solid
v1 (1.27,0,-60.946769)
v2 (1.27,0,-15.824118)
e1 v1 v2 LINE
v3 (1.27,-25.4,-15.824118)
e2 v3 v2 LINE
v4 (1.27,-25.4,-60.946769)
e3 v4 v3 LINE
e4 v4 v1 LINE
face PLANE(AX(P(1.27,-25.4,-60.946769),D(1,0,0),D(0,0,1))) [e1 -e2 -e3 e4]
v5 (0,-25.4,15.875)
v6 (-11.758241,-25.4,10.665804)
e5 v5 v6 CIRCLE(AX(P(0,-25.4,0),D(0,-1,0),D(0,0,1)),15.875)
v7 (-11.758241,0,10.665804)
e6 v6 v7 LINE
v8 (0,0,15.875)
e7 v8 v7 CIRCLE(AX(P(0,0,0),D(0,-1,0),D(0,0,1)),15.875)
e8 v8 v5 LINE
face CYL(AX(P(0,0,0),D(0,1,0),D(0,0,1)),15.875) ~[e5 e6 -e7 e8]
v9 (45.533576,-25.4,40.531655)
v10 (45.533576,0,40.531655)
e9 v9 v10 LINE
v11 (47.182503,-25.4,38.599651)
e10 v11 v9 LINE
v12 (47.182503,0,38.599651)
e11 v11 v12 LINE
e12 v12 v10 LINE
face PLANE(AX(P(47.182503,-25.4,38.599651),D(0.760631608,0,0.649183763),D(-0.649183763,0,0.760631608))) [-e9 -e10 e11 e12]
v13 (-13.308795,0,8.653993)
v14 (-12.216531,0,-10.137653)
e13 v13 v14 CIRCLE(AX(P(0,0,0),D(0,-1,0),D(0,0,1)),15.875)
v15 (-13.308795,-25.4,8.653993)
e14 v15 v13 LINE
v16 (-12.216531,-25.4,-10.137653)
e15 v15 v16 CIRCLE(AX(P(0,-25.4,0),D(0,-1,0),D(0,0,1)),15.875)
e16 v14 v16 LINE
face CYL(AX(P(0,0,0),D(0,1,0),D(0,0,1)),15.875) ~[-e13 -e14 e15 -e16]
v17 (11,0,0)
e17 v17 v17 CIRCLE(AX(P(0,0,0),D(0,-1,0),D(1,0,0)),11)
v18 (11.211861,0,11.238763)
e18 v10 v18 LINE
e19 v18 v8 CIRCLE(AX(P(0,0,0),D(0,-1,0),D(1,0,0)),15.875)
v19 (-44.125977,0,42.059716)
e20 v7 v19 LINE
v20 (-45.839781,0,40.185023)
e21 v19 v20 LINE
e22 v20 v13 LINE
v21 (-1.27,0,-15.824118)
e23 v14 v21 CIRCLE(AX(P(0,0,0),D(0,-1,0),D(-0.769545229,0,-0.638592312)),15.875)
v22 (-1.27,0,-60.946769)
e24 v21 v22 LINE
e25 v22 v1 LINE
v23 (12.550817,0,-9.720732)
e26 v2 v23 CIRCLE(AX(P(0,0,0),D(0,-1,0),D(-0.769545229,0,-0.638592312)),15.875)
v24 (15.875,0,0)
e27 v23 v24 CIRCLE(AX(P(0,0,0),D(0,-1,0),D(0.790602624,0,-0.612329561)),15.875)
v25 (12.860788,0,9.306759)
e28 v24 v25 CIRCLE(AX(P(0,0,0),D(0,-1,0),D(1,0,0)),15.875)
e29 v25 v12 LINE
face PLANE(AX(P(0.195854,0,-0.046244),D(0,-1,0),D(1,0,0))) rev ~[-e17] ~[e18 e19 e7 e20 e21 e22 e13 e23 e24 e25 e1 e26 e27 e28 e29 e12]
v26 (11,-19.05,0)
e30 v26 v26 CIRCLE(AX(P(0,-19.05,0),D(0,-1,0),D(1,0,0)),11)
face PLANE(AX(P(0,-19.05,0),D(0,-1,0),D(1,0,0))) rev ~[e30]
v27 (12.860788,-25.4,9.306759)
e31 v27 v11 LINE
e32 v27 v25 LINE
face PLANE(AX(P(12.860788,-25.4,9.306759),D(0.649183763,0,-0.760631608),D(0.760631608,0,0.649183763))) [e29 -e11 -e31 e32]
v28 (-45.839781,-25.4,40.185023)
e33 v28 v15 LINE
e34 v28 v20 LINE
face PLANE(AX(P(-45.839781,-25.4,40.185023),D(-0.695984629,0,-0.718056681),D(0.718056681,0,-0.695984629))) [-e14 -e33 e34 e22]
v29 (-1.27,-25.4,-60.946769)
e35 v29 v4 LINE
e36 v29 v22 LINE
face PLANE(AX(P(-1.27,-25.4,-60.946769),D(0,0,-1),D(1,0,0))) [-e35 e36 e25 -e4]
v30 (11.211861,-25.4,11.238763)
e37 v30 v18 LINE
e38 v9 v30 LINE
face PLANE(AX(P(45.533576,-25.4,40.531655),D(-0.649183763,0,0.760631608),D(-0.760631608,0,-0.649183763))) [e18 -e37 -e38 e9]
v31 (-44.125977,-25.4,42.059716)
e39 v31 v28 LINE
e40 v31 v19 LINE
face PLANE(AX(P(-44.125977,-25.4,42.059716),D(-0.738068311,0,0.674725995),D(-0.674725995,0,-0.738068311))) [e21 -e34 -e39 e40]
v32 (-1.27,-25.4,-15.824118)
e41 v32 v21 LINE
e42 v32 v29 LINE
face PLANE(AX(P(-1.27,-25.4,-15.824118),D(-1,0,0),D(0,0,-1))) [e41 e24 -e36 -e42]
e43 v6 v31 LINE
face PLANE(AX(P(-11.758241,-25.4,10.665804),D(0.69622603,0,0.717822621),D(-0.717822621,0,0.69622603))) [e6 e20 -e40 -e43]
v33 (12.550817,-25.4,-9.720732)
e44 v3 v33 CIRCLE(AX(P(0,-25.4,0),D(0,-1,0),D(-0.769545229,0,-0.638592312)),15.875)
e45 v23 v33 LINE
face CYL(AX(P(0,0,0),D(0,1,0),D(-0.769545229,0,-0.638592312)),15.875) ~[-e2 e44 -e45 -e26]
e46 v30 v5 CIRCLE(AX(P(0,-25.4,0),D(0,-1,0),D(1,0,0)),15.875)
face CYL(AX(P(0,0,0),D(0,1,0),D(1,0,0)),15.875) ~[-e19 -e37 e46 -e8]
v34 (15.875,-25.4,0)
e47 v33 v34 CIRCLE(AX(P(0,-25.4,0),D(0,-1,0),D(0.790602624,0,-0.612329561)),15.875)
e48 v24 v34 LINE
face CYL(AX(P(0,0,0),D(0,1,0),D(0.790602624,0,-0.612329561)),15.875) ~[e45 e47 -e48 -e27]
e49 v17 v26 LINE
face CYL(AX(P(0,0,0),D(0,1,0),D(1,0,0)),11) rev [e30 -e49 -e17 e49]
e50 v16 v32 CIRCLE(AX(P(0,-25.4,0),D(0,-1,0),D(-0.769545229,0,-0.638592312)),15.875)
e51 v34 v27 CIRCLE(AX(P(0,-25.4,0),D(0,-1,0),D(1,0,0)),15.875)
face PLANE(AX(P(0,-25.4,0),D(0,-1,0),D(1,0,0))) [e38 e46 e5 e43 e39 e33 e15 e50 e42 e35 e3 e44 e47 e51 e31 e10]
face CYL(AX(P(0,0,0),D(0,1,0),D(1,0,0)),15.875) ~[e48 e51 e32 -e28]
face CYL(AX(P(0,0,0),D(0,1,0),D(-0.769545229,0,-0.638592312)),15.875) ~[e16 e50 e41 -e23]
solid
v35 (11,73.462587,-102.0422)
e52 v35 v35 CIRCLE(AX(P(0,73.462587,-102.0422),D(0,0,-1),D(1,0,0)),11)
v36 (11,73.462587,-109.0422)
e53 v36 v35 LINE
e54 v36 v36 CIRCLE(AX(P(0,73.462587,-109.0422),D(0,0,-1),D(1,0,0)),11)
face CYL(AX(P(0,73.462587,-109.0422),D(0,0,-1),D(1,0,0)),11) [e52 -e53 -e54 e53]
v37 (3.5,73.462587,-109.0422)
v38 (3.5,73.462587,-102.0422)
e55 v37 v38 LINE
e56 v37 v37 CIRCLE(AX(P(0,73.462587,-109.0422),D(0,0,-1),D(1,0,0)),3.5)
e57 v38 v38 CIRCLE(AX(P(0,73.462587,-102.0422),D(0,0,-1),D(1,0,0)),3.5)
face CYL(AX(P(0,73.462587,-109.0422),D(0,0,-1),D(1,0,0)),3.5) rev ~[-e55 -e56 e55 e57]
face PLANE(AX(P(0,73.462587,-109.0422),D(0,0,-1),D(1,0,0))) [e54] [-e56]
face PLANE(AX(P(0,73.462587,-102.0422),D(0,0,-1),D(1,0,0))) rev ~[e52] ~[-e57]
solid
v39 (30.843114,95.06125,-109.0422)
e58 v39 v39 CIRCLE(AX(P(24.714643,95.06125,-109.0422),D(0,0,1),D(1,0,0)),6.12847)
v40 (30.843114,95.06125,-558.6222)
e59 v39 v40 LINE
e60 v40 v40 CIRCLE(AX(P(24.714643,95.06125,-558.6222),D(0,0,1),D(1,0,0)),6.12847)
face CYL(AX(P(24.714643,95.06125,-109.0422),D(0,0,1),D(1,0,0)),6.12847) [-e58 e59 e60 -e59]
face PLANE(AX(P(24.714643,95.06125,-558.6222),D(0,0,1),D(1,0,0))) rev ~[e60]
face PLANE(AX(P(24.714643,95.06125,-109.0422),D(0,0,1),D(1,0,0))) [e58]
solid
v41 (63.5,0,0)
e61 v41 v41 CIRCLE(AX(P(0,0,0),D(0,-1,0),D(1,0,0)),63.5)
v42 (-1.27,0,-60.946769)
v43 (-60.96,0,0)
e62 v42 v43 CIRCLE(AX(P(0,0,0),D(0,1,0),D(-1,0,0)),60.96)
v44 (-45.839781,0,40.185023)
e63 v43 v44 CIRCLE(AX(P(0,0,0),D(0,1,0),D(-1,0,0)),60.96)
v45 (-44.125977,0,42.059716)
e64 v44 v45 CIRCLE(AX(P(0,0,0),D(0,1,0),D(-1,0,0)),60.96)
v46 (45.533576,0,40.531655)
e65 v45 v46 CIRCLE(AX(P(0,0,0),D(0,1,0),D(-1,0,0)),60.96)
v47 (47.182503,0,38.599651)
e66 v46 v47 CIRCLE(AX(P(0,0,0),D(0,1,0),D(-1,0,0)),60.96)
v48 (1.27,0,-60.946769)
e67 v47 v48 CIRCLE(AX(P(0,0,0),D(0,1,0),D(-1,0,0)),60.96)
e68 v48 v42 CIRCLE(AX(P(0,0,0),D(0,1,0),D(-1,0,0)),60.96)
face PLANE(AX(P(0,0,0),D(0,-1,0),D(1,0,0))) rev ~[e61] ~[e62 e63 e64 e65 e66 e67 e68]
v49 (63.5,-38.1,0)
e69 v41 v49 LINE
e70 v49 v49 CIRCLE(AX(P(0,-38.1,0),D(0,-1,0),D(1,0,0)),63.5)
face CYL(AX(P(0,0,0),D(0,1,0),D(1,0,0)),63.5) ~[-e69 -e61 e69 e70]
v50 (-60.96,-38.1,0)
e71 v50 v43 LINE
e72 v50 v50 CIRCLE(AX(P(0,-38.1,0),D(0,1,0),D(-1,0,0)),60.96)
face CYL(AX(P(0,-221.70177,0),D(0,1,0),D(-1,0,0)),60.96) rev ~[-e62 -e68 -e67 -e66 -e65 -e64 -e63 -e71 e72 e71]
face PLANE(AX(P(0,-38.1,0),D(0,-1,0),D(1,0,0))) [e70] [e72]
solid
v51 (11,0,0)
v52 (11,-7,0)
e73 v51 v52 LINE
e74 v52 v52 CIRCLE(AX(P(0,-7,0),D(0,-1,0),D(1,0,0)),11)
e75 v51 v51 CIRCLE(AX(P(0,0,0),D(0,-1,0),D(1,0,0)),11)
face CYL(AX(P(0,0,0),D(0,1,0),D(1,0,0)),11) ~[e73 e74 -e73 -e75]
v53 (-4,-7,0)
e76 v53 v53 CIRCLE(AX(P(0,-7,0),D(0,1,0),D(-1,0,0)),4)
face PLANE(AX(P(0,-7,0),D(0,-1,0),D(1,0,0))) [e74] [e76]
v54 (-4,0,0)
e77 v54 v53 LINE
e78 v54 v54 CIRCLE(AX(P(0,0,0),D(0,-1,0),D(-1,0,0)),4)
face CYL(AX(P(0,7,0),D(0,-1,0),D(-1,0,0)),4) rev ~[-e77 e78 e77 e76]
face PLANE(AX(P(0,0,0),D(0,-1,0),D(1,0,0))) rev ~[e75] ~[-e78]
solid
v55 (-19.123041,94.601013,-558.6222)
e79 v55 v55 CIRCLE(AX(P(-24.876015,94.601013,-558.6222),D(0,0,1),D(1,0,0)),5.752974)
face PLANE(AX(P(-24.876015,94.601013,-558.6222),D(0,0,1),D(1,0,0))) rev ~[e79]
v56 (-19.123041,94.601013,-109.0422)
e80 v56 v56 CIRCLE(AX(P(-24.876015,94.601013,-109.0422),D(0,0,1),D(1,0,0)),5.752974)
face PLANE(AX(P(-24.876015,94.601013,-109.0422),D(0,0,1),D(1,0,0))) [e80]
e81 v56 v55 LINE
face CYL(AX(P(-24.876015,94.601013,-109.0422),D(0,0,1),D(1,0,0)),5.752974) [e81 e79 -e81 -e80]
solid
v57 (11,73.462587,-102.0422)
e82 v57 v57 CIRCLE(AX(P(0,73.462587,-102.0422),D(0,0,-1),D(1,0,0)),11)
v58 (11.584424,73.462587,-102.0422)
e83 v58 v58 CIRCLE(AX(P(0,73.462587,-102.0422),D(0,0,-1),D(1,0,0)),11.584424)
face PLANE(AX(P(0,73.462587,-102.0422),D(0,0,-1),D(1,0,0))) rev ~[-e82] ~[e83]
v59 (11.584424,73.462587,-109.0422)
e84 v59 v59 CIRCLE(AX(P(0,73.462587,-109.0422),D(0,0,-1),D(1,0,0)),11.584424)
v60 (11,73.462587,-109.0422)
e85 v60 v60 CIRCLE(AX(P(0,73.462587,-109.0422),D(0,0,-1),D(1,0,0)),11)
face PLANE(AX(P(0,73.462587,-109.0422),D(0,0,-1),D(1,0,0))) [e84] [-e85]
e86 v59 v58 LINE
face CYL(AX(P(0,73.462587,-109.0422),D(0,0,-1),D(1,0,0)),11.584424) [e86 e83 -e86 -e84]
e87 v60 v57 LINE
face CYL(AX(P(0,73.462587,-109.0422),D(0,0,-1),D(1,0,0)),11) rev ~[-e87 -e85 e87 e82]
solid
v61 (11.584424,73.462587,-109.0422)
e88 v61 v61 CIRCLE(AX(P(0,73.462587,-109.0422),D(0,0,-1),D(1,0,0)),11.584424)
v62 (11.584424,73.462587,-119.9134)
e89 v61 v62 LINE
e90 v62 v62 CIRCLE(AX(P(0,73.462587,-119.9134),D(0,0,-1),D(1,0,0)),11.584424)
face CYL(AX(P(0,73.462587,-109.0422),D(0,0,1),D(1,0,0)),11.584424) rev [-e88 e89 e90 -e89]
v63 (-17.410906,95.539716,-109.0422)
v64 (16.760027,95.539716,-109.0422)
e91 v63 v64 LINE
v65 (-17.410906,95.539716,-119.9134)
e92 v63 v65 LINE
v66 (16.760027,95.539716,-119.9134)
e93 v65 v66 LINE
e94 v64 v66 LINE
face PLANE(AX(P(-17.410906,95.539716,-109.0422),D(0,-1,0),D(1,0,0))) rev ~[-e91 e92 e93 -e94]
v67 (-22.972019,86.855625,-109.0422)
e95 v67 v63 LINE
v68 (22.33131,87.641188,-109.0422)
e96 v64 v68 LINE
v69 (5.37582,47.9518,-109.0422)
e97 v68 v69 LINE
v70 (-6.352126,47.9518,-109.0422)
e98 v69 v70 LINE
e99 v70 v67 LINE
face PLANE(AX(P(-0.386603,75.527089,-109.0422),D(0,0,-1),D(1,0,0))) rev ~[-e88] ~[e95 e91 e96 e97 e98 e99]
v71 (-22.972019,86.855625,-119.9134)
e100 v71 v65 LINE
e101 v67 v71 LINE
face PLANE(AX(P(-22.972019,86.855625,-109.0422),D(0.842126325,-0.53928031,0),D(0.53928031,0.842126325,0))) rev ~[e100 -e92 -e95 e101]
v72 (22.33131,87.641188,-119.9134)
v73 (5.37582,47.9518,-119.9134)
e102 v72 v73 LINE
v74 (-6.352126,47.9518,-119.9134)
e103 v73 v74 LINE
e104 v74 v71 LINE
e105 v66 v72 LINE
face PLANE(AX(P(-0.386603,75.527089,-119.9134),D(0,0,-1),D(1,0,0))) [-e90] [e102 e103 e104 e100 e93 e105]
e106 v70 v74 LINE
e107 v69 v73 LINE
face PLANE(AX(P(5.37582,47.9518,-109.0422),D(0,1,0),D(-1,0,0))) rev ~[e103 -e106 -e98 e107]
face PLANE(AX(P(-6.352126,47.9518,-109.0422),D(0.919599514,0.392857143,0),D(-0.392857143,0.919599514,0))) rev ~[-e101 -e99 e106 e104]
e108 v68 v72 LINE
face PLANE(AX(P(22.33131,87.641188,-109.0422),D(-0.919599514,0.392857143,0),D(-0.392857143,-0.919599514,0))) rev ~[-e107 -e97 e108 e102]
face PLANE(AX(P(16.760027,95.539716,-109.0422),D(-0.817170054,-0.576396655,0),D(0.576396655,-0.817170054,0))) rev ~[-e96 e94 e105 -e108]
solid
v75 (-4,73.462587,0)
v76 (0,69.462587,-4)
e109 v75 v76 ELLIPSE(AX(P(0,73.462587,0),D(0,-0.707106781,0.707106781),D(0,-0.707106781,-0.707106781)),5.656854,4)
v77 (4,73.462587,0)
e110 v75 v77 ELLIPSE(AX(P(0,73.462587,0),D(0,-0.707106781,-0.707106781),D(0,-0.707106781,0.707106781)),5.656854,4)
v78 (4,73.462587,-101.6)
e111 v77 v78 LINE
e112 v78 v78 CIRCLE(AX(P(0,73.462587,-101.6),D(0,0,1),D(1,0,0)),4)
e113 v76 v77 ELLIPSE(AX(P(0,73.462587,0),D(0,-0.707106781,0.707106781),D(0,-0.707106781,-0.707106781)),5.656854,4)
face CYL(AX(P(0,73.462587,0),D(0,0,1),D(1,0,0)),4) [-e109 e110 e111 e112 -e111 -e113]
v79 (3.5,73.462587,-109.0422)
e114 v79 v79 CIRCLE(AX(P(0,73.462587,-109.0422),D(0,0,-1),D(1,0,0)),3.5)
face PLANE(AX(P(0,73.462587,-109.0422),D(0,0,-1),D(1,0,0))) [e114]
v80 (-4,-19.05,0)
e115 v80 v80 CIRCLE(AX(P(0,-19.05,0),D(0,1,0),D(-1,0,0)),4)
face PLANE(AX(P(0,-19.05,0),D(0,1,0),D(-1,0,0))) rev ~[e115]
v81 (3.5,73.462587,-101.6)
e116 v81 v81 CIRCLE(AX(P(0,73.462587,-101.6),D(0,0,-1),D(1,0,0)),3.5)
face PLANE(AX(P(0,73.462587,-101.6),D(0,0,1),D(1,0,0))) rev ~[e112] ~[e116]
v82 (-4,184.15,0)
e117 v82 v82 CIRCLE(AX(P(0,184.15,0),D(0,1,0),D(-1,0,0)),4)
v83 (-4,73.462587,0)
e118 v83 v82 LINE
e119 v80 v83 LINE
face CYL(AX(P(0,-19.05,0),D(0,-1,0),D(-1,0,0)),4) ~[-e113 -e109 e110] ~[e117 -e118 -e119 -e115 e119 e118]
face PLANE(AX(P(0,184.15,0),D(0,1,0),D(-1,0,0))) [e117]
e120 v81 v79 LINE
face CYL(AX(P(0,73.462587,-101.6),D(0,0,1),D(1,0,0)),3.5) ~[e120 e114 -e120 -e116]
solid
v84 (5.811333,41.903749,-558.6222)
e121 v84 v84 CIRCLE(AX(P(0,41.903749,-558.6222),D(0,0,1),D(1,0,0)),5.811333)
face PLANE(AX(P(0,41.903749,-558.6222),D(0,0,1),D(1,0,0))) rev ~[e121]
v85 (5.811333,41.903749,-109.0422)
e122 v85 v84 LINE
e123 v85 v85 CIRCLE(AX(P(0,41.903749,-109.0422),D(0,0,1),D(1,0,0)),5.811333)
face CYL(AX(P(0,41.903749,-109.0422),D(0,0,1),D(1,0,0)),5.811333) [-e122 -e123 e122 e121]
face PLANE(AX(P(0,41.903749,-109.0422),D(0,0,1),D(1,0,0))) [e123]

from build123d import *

# Parameters (mm, degrees)
F0_R      = 63.5
F1_DEPTH  = 38.1
F3_D      = 121.92
F4_R      = 11
F5_DEPTH  = 25.4
F7_DEPTH  = 25.4
F8_R      = 11
F9_DEPTH  = 7
F11_D     = 8
F11_DEPTH = 7
F11_TIP   = 2.4034424761
F12_R     = 11
F13_DEPTH = 6.35
F14_R     = 4
F15_DEPTH = 203.2
F16_R     = 4
F17_DEPTH = 101.6
F18_R     = 3.5
F19_DEPTH = 7.4422
F20_R     = 11
F20_R_2   = 3.5
F21_DEPTH = 7
F22_R     = 11.584423549
F22_R_2   = 11
F23_DEPTH = 7
F24_R     = 11.584423549
F25_DEPTH = 10.8712
F26_R     = 5.7529740036
F27_DEPTH = 449.58
F26_R_2   = 5.8113326004
F26_R_3   = 6.1284704767


with BuildPart() as f1:
    # F0 (on Front) → F1 (new body)
    with BuildSketch(Plane.XZ):
        Circle(F0_R)
    extrude(amount=F1_DEPTH)

    # F3 (through all)
    with Locations(Plane.XZ.offset(38.1)):
        with Locations((0, 0)):
            Hole(F3_D / 2)



with BuildPart() as f5:
    # F4 (on Front) → F5 (new body)
    with BuildSketch(Plane.XZ):
        with BuildLine():
            ThreePointArc((12.5508166542, -9.7207317787), (15.0209826474, -5.1367017927), (15.875, 0))
            ThreePointArc((15.875, 0), (11.2253201513, 11.2253201513), (0, 15.875))
            ThreePointArc((0, 15.875), (-14.3692530341, 6.7483473713), (-12.2165305121, -10.1376529457))
            ThreePointArc((-12.2165305121, -10.1376529457), (0.2671939765, -15.8727512542), (12.5508166542, -9.7207317787))
        make_face()
        Circle(F4_R, mode=Mode.SUBTRACT)
    extrude(amount=F5_DEPTH)


with BuildPart() as f1_1:
    add(f1.part)

    add(f5.part)  # F7 merges F5
    # F6 (on face) → F7 (join)
    with BuildSketch(Plane.XZ.offset(25.4)):
        with BuildLine():
            Line((-11.7582414079, 10.6658044232), (-44.1259771522, 42.059716361))
            Line((-44.1259771522, 42.059716361), (-45.8397811787, 40.1850228504))
            Line((-45.8397811787, 40.1850228504), (-13.3087949682, 8.6539933842))
            ThreePointArc((-13.3087949682, 8.6539933842), (-12.5738189936, 9.6909597521), (-11.7582414079, 10.6658044232))
        make_face()
        with BuildLine():
            Line((12.8607880394, 9.3067586198), (47.1825025581, 38.5996509357))
            Line((47.1825025581, 38.5996509357), (45.533575801, 40.5316552188))
            Line((45.533575801, 40.5316552188), (11.2118612823, 11.2387629029))
            ThreePointArc((11.2118612823, 11.2387629029), (12.0750267693, 10.3057922316), (12.8607880394, 9.3067586198))
        make_face()
        with BuildLine():
            Line((-1.27, -60.9467693976), (1.27, -60.9467693976))
            Line((1.27, -60.9467693976), (1.27, -15.8241184589))
            ThreePointArc((1.27, -15.8241184589), (0, -15.875), (-1.27, -15.8241184589))
            Line((-1.27, -15.8241184589), (-1.27, -60.9467693976))
        make_face()
    extrude(amount=-F7_DEPTH)

    # F12 (on face) → F13 (join)
    with BuildSketch(Plane.XZ.offset(25.4)):
        Circle(F12_R)
    extrude(amount=-F13_DEPTH)


with BuildPart() as f9:
    # F8 (on Front) → F9 (new body)
    with BuildSketch(Plane.XZ):
        Circle(F8_R)
    extrude(amount=F9_DEPTH)

    # F11
    with Locations(Plane(origin=(0, 0, 0), x_dir=(1, 0, 0), z_dir=(0, 1, 0))):
        with Locations((0, 0)):
            Hole(F11_D / 2, depth=F11_DEPTH)
            with Locations((0, 0, -(F11_DEPTH + F11_TIP / 2))):  # 118° drill point
                Cone(0, F11_D / 2, F11_TIP, mode=Mode.SUBTRACT)


with BuildPart() as f15:
    # F14 (on face) → F15 (new body)
    with BuildSketch(Plane(origin=(0, -19.05, 0), x_dir=(-1, 0, 0), z_dir=(0, 1, 0))):
        Circle(F14_R)
    extrude(amount=F15_DEPTH)

    # F16 (on Top) → F17 (join)
    with BuildSketch(Plane.XY):
        with Locations((0, 73.4625874707)):
            Circle(F16_R)
    extrude(amount=-F17_DEPTH)

    # F18 (on face) → F19 (join)
    with BuildSketch(Plane(origin=(0, 0, -101.6), x_dir=(1, 0, 0), z_dir=(0, 0, -1))):
        with Locations((0, -73.4625874707)):
            Circle(F18_R)
    extrude(amount=F19_DEPTH)


with BuildPart() as f21:
    # F20 (on face) → F21 (new body)
    with BuildSketch(Plane(origin=(0, 0, -109.0422), x_dir=(1, 0, 0), z_dir=(0, 0, -1))):
        with Locations((0, -73.4625874707)):
            Circle(F20_R)
        with Locations((0, -73.4625874707)):
            Circle(F20_R_2, mode=Mode.SUBTRACT)
    extrude(amount=-F21_DEPTH)


with BuildPart() as f23:
    # F22 (on face) → F23 (new body)
    with BuildSketch(Plane(origin=(0, 0, -109.0422), x_dir=(1, 0, 0), z_dir=(0, 0, -1))):
        with Locations((0, -73.4625874707)):
            Circle(F22_R)
        with Locations((0, -73.4625874707)):
            Circle(F22_R_2, mode=Mode.SUBTRACT)
    extrude(amount=-F23_DEPTH)


with BuildPart() as f25:
    # F24 (on face) → F25 (new body)
    with BuildSketch(Plane(origin=(0, 0, -109.0422), x_dir=(1, 0, 0), z_dir=(0, 0, -1))):
        Polygon((-22.9720189005, -86.8556248707), (-17.4109060317, -95.5397163391), (16.7600270361, -95.5397163391), (22.3313096363, -87.6411880186), (5.3758203067, -47.951799591), (-6.3521257616, -47.951799591), align=None)
        with Locations((0, -73.4625874707)):
            Circle(F24_R, mode=Mode.SUBTRACT)
    extrude(amount=F25_DEPTH)


with BuildPart() as f27:
    # F26 (on face) → F27 (new body)
    with BuildSketch(Plane.XY.offset(-109.0422)):
        with Locations((-24.8760152608, 94.6010127664)):
            Circle(F26_R)
    extrude(amount=-F27_DEPTH)


with BuildPart() as f27b:
    # F26 (on face) → F27, piece 2 (new body)
    with BuildSketch(Plane.XY.offset(-109.0422)):
        with Locations((0, 41.9037491083)):
            Circle(F26_R_2)
    extrude(amount=-F27_DEPTH)


with BuildPart() as f27c:
    # F26 (on face) → F27, piece 3 (new body)
    with BuildSketch(Plane.XY.offset(-109.0422)):
        with Locations((24.7146431357, 95.061250031)):
            Circle(F26_R_3)
    extrude(amount=-F27_DEPTH)


solid = Compound([f1_1.part, f9.part, f15.part, f21.part, f23.part, f25.part, f27.part, f27b.part, f27c.part])
